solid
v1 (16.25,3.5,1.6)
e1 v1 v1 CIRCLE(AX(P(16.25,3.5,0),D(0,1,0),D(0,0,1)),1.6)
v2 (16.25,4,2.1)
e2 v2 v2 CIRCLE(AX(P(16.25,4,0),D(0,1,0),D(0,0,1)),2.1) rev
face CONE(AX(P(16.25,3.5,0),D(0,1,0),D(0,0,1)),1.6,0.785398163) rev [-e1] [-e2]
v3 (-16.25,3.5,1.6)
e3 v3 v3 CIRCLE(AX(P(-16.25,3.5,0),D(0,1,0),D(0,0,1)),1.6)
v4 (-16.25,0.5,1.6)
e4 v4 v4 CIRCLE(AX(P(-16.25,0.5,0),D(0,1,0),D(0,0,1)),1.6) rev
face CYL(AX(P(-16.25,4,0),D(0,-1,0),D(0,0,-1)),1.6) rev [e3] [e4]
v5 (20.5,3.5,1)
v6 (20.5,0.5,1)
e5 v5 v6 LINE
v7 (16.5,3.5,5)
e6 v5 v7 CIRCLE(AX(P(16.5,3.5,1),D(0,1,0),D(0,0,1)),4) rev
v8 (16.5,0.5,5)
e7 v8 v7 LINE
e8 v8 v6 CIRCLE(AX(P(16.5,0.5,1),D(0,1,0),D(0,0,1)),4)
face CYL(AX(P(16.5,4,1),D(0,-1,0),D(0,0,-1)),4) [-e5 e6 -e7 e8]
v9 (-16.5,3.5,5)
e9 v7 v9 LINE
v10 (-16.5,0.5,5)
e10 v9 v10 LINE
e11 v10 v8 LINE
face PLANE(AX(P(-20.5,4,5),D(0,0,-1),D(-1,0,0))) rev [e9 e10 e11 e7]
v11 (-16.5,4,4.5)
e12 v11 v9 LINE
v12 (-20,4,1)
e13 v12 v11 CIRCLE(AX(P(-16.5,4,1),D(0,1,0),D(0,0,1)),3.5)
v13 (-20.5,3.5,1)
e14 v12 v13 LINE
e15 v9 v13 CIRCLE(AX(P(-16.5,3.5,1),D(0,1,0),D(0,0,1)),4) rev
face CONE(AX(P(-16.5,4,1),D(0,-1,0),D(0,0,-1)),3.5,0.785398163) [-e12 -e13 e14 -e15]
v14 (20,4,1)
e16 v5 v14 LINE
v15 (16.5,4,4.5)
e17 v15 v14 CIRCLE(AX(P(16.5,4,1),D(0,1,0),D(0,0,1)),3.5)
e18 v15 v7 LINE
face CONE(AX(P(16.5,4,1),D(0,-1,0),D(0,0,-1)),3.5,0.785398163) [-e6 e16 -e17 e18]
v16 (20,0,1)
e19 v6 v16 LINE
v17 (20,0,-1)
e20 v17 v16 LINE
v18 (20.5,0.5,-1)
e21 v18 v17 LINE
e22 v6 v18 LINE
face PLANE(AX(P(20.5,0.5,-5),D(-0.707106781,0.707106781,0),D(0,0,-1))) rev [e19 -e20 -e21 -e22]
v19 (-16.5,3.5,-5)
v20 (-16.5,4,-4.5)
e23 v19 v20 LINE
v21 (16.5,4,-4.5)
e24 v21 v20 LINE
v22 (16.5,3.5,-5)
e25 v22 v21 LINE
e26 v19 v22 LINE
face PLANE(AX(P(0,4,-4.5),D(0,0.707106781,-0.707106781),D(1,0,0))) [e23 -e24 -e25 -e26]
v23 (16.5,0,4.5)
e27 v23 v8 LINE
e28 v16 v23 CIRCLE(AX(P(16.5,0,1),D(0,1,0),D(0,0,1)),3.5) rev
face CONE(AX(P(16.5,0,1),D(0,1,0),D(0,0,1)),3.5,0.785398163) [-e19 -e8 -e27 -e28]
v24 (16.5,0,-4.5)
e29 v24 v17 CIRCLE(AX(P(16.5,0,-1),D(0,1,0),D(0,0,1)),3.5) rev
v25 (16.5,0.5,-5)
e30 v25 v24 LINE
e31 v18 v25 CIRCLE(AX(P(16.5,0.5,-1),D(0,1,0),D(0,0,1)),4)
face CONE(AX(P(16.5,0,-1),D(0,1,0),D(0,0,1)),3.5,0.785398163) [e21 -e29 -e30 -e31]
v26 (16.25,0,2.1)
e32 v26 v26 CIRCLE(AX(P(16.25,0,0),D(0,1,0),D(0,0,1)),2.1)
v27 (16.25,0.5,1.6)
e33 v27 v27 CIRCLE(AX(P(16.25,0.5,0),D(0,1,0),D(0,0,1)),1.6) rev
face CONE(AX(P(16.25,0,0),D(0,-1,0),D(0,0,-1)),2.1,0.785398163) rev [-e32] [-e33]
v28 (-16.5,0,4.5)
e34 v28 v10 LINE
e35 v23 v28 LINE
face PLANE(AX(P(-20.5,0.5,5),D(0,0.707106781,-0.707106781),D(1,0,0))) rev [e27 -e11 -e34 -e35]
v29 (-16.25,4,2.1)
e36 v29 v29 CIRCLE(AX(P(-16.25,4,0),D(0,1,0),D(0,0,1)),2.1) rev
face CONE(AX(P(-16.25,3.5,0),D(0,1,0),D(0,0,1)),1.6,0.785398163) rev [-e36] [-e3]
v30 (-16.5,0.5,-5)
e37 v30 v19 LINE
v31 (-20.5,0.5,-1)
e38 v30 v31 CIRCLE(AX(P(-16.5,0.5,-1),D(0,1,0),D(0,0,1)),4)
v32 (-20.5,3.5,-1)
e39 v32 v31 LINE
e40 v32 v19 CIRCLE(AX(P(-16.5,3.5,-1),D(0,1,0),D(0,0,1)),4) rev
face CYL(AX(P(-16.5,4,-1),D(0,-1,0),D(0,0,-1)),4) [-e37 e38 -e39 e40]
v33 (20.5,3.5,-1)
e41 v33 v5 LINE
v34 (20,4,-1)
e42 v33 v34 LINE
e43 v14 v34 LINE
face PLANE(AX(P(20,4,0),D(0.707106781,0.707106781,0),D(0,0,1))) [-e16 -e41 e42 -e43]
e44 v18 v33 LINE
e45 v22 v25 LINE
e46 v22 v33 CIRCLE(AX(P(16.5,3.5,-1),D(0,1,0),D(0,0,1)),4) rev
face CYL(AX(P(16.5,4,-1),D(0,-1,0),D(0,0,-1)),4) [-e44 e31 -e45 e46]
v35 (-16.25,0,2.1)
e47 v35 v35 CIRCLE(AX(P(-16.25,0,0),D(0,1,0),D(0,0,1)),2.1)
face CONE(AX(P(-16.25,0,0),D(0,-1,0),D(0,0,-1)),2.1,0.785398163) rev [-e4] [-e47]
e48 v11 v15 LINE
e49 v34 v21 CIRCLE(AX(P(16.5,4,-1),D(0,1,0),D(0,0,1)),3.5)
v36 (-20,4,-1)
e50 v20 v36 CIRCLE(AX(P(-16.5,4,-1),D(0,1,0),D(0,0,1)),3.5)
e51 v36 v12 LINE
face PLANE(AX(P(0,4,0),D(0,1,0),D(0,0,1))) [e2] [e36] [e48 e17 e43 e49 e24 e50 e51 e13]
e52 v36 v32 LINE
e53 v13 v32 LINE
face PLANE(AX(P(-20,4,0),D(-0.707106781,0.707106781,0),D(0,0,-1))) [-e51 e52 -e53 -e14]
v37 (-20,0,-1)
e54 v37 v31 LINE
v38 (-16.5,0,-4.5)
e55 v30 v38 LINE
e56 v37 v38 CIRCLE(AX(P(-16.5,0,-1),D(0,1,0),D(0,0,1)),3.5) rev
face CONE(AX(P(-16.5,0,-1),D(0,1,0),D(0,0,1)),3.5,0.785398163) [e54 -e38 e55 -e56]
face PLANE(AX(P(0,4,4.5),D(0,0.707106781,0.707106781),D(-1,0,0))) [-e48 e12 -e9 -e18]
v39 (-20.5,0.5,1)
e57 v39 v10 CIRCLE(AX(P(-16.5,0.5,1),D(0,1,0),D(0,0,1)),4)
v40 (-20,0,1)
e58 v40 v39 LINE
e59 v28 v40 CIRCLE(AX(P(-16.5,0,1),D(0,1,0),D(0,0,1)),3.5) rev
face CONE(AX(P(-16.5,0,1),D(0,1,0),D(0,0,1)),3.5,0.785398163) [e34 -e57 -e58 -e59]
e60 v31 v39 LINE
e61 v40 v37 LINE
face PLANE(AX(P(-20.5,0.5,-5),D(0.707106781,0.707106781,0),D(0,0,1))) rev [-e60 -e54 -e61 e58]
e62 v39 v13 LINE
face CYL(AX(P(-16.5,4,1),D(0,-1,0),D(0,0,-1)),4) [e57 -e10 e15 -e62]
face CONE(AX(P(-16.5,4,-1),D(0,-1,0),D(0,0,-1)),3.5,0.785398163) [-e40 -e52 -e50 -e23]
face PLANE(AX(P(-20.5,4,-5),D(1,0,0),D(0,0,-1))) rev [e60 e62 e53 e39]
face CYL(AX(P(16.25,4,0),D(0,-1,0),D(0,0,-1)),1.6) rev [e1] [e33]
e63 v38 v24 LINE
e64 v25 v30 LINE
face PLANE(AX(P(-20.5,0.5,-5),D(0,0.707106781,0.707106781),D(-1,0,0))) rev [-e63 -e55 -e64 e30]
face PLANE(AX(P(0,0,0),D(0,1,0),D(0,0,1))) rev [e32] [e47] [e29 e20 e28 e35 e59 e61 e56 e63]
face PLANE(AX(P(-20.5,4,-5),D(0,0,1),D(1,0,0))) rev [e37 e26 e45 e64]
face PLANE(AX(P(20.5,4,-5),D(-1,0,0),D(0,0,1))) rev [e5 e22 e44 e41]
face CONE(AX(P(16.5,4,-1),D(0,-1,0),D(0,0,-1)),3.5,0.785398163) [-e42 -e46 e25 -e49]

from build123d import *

# Parameters (mm, degrees)
SKETCH1_W           = 41
SKETCH1_H           = 10
SKETCH1_R           = 1.6
BOSS_EXTRUDE1_DEPTH = 4
FILLET1_R           = 4
CHAMFER1_SIZE       = 0.5


with BuildPart() as part:
    # Sketch1 → Boss-Extrude1 (new body)
    with BuildSketch(Plane(origin=(0, 0, 0), x_dir=(1, 0, 0), z_dir=(0, 1, 0))):
        Rectangle(SKETCH1_W, SKETCH1_H)
        with Locations(Location((-16.25, 0, 0), (0, 0, 270))):
            Circle(SKETCH1_R, mode=Mode.SUBTRACT)
        with Locations(Location((16.25, 0, 0), (0, 0, 270))):
            Circle(SKETCH1_R, mode=Mode.SUBTRACT)
    extrude(amount=BOSS_EXTRUDE1_DEPTH)

    # Fillet1
    fillet1_edges = [part.edges().sort_by_distance(p)[0] for p in [
        (20.5, 2, 5),
        (-20.5, 2, 5),
        (-20.5, 2, -5),
        (20.5, 2, -5),
    ]]
    fillet(fillet1_edges, radius=FILLET1_R)

    # Chamfer1
    chamfer1_edges = [part.edges().sort_by_distance(p)[0] for p in [
        (-16.25, 0, -1.6),
        (-16.25, 4, -1.6),
        (16.25, 0, -1.6),
        (16.25, 4, -1.6),
        (0, 0, -5),
        (0, 4, -5),
        (20.5, 0, 0),
        (0, 0, 5),
        (-20.5, 0, 0),
        (-19.328427125, 0, -3.828427125),
        (-19.328427125, 0, 3.828427125),
        (19.328427125, 0, 3.828427125),
        (19.328427125, 0, -3.828427125),
        (20.5, 4, 0),
        (-20.5, 4, 0),
        (0, 4, 5),
        (-19.328427125, 4, -3.828427125),
        (-19.328427125, 4, 3.828427125),
        (19.328427125, 4, 3.828427125),
        (19.328427125, 4, -3.828427125),
    ]]
    chamfer(chamfer1_edges, length=CHAMFER1_SIZE)


solid = part.part
